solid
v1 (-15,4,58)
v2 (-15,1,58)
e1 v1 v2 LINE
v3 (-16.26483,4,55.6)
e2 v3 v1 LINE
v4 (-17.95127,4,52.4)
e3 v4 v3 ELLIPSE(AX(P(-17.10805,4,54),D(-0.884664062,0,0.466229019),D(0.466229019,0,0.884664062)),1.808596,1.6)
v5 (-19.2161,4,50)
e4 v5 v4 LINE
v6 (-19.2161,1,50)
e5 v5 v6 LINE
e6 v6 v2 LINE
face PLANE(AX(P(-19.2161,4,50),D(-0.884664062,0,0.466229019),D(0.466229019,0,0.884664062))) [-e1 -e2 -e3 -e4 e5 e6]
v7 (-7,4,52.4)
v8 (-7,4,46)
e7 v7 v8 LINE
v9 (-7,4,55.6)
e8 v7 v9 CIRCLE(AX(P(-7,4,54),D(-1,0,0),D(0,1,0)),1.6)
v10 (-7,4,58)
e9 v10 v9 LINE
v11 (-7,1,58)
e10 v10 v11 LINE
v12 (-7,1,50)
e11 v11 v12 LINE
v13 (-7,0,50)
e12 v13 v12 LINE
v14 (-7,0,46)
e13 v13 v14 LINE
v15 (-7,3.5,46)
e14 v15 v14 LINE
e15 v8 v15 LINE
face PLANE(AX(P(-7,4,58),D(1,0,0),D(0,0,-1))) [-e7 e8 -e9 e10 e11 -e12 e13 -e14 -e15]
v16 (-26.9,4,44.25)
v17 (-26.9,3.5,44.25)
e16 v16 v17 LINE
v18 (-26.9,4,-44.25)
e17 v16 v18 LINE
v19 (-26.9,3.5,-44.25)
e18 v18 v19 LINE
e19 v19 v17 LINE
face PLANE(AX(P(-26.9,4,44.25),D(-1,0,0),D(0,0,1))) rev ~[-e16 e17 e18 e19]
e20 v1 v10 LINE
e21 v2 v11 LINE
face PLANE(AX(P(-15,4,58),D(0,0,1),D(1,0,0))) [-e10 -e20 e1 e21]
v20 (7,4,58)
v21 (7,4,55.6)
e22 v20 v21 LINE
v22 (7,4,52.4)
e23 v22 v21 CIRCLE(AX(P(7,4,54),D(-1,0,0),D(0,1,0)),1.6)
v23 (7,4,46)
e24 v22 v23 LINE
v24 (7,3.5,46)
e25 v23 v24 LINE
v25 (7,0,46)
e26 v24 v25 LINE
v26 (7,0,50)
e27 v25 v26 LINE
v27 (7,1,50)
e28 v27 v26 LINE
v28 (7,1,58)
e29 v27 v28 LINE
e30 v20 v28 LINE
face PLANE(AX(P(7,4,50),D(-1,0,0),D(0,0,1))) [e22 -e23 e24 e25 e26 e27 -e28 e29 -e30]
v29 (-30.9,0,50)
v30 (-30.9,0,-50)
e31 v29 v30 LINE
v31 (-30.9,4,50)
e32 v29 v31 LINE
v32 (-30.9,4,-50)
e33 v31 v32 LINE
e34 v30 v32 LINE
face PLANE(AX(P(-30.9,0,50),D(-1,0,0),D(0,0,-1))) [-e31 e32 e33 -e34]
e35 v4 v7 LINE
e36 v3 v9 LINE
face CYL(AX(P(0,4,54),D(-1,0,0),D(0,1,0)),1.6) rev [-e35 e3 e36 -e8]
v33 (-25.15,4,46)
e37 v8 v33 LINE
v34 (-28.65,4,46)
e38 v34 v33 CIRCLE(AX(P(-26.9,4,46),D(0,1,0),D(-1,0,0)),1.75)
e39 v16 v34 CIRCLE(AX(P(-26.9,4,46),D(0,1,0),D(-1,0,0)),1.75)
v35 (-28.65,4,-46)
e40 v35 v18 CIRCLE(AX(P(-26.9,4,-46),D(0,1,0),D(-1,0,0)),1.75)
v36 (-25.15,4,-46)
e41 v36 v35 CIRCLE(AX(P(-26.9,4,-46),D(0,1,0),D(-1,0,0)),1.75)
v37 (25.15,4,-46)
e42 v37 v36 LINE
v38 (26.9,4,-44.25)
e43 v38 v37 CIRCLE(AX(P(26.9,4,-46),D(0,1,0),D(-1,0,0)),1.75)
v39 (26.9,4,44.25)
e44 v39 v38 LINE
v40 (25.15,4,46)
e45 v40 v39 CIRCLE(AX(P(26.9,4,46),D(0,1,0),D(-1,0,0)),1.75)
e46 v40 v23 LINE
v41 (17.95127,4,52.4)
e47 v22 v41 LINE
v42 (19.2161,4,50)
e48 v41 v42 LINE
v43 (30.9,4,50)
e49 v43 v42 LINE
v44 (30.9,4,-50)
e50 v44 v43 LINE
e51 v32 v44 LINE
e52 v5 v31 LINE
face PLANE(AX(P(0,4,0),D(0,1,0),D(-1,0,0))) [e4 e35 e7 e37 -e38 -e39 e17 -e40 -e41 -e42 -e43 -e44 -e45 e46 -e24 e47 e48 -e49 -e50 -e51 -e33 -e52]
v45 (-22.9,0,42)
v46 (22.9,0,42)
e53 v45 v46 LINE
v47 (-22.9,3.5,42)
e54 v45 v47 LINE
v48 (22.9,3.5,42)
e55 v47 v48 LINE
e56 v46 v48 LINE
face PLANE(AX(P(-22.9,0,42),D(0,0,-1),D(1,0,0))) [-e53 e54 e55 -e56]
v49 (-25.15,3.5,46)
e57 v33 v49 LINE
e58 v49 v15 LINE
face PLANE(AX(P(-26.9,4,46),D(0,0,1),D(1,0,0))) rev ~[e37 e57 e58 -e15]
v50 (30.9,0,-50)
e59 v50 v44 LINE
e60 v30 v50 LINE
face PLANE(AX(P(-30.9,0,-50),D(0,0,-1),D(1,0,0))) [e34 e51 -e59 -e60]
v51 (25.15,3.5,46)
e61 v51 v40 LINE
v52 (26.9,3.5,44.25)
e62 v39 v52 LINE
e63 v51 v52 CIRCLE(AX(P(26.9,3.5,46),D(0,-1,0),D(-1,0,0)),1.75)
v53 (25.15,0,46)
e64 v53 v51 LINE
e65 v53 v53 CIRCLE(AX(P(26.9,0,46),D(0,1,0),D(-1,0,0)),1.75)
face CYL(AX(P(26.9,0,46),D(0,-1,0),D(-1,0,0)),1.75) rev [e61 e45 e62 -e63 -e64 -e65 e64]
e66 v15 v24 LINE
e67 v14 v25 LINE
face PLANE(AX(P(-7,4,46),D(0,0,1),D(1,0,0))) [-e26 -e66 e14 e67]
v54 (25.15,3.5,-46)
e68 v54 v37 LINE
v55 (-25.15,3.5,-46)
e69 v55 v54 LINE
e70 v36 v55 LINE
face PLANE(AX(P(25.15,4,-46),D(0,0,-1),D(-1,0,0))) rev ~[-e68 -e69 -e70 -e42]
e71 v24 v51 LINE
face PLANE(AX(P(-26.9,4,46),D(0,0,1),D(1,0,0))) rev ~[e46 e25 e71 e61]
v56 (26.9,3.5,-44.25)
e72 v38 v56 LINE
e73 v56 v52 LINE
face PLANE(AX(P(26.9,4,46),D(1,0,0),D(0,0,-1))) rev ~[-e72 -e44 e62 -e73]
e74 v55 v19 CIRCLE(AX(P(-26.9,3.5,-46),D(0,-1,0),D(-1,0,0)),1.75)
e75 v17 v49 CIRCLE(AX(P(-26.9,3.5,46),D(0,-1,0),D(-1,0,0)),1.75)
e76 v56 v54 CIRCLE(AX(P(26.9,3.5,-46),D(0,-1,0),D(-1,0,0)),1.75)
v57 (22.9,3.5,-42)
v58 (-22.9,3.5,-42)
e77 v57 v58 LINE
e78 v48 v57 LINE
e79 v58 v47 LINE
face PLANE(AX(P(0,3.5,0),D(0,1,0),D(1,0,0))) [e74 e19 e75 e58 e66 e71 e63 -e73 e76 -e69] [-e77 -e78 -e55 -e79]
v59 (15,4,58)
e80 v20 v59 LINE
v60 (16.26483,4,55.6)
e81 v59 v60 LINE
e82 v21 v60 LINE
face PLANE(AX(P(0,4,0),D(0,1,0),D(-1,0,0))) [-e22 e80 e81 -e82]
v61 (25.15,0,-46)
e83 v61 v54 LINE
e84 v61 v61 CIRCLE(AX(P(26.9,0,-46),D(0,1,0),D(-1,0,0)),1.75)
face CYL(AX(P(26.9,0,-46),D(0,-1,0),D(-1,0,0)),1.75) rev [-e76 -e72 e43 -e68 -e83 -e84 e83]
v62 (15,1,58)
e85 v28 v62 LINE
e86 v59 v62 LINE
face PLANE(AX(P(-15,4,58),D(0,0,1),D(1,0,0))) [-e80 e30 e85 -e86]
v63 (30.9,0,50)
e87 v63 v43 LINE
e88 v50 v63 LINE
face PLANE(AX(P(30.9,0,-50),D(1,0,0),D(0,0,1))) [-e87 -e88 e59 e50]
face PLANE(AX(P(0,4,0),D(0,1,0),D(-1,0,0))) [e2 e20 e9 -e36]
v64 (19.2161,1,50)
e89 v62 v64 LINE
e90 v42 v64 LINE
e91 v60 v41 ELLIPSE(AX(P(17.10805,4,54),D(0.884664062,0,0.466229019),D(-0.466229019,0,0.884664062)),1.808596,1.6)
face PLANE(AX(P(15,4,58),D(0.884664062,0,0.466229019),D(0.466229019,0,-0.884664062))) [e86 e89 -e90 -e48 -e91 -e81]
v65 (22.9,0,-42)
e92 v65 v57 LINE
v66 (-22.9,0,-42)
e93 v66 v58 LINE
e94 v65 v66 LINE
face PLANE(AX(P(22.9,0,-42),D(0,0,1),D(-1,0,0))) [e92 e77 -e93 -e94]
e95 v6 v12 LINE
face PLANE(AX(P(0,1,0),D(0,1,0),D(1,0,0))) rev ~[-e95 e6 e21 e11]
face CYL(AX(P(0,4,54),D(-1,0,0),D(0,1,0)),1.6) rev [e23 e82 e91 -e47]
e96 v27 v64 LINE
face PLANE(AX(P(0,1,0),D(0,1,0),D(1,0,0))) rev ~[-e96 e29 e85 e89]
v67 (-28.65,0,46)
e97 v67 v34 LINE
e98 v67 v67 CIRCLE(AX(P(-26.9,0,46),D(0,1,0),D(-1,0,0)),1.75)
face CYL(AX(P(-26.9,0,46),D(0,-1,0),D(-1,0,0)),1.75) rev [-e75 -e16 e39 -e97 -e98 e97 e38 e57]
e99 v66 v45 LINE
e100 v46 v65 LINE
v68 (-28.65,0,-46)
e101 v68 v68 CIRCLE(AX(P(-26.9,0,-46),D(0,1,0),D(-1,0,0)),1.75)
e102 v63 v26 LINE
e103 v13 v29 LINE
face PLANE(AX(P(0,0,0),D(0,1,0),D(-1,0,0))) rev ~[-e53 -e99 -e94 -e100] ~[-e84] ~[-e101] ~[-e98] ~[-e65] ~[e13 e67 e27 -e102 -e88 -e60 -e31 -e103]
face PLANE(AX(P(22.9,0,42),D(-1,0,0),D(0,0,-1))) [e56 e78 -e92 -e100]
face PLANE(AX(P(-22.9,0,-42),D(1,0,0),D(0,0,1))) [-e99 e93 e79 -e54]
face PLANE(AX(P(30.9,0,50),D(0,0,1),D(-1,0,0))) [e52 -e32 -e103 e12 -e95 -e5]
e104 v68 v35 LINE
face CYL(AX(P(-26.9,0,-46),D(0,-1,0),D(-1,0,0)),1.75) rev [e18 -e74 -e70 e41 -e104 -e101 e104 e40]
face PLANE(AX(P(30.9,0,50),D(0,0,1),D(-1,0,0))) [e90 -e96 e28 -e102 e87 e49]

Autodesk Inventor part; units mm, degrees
ref_plane "YZ Plane" through (0, 0, 0) normal (1, 0, 0) x (0, 1, 0)
ref_plane "XZ Plane" through (0, 0, 0) normal (0, 1, 0) x (-1, 0, 0)
ref_plane "XY Plane" through (0, 0, 0) normal (0, 0, 1) x (1, 0, 0)
sketch "草图1" plane through (0, 0, 0) normal (0, 1, 0) x (-1, 0, 0)
  line L0 (30.9, 50) -> (30.9, -50)
  line L1 (30.9, -50) -> (-30.9, -50)
  line L2 (-30.9, -50) -> (-30.9, 50)
  line L3 (-30.9, 50) -> (30.9, 50)
  line L4 (0, 0) -> (5.4307, 0)
  line L5 (0, 0) -> (0, 9.1176)
  line L6 (22.9, 42) -> (-22.9, 42)
  line L7 (-22.9, 42) -> (-22.9, -42)
  line L8 (-22.9, -42) -> (22.9, -42)
  line L9 (22.9, -42) -> (22.9, 42)
  circle A0 centre (26.9, 46) radius 1.75
  circle A1 centre (26.9, -46) radius 1.75
  circle A2 centre (-26.9, 46) radius 1.75
  circle A3 centre (-26.9, -46) radius 1.75
  dimension "d0" = 100
  dimension "d1" = 61.8
  dimension "d2" = 8
  dimension "d3" = 8
  dimension "d4" = 3.5
  dimension "d5" = 4
  dimension "d6" = 4
  dimension "d9" = 92
  dimension "d12" = 53.8
extrude "拉伸1" add sketch "草图1" along normal blind 4
sketch "草图2" plane through (0, 4, 0) normal (0, 1, 0) x (1, 0, 0)
  line L0 (-30.9, -50) -> (30.9, -50) construction
  line L1 (-19.2161, -50) -> (-15, -58)
  line L2 (-15, -58) -> (15, -58)
  line L3 (15, -58) -> (19.2161, -50)
  line L4 (0, 0) -> (0, -17.0054)
  line L5 (-19.2161, -50) -> (19.2161, -50)
  dimension "d17" = 8
  dimension "d18" = 30
extrude "拉伸2" add sketch "草图2" against normal blind 3
sketch "草图3" plane through (0, 0, 0) normal (1, 0, 0) x (0, 1, 0)
  line L0 (4, 50) -> (4, 58) construction
  circle A0 centre (4, 54) radius 1.6
  point P0 (0, 0)
  dimension "d21" = 3.2
extrude "拉伸3" cut sketch "草图3" along normal mid plane 40
sketch "草图4" plane through (0, 4, 0) normal (0, 1, 0) x (1, 0, 0)
  line L0 (15, -58) -> (-15, -58) construction
  line L1 (-7, -58) -> (-7, -46)
  line L2 (-7, -46) -> (7, -46)
  line L3 (-30.9, -50) -> (30.9, -50) projected
  line L4 (7, -46) -> (7, -58)
  line L5 (7, -58) -> (-7, -58)
  line L6 (0, 0) -> (0, -70.1982)
  dimension "d26" = 12
  dimension "d27" = 14
extrude "拉伸4" cut sketch "草图4" against normal blind 40
sketch "草图5" plane through (0, 4, 0) normal (0, 1, 0) x (1, 0, 0)
  circle A0 centre (-26.9, -46) radius 1.75 projected
  circle A1 centre (26.9, 46) radius 1.75 projected
  line L0 (-26.9, -46) -> (26.9, -46)
  line L1 (26.9, -46) -> (26.9, 46)
  line L2 (26.9, 46) -> (-26.9, 46)
  line L3 (-26.9, 46) -> (-26.9, -46)
  point P0 (0, 0)
extrude "拉伸5" cut sketch "草图5" against normal blind 0.5 contours L0 L3 A0 | A0 L3 L2 A1 L1 L0 | A1 L2 L1 picked at (-26.2832, -45.0184) picked at (25.748, 45.8702)
properties part number "筛网"
